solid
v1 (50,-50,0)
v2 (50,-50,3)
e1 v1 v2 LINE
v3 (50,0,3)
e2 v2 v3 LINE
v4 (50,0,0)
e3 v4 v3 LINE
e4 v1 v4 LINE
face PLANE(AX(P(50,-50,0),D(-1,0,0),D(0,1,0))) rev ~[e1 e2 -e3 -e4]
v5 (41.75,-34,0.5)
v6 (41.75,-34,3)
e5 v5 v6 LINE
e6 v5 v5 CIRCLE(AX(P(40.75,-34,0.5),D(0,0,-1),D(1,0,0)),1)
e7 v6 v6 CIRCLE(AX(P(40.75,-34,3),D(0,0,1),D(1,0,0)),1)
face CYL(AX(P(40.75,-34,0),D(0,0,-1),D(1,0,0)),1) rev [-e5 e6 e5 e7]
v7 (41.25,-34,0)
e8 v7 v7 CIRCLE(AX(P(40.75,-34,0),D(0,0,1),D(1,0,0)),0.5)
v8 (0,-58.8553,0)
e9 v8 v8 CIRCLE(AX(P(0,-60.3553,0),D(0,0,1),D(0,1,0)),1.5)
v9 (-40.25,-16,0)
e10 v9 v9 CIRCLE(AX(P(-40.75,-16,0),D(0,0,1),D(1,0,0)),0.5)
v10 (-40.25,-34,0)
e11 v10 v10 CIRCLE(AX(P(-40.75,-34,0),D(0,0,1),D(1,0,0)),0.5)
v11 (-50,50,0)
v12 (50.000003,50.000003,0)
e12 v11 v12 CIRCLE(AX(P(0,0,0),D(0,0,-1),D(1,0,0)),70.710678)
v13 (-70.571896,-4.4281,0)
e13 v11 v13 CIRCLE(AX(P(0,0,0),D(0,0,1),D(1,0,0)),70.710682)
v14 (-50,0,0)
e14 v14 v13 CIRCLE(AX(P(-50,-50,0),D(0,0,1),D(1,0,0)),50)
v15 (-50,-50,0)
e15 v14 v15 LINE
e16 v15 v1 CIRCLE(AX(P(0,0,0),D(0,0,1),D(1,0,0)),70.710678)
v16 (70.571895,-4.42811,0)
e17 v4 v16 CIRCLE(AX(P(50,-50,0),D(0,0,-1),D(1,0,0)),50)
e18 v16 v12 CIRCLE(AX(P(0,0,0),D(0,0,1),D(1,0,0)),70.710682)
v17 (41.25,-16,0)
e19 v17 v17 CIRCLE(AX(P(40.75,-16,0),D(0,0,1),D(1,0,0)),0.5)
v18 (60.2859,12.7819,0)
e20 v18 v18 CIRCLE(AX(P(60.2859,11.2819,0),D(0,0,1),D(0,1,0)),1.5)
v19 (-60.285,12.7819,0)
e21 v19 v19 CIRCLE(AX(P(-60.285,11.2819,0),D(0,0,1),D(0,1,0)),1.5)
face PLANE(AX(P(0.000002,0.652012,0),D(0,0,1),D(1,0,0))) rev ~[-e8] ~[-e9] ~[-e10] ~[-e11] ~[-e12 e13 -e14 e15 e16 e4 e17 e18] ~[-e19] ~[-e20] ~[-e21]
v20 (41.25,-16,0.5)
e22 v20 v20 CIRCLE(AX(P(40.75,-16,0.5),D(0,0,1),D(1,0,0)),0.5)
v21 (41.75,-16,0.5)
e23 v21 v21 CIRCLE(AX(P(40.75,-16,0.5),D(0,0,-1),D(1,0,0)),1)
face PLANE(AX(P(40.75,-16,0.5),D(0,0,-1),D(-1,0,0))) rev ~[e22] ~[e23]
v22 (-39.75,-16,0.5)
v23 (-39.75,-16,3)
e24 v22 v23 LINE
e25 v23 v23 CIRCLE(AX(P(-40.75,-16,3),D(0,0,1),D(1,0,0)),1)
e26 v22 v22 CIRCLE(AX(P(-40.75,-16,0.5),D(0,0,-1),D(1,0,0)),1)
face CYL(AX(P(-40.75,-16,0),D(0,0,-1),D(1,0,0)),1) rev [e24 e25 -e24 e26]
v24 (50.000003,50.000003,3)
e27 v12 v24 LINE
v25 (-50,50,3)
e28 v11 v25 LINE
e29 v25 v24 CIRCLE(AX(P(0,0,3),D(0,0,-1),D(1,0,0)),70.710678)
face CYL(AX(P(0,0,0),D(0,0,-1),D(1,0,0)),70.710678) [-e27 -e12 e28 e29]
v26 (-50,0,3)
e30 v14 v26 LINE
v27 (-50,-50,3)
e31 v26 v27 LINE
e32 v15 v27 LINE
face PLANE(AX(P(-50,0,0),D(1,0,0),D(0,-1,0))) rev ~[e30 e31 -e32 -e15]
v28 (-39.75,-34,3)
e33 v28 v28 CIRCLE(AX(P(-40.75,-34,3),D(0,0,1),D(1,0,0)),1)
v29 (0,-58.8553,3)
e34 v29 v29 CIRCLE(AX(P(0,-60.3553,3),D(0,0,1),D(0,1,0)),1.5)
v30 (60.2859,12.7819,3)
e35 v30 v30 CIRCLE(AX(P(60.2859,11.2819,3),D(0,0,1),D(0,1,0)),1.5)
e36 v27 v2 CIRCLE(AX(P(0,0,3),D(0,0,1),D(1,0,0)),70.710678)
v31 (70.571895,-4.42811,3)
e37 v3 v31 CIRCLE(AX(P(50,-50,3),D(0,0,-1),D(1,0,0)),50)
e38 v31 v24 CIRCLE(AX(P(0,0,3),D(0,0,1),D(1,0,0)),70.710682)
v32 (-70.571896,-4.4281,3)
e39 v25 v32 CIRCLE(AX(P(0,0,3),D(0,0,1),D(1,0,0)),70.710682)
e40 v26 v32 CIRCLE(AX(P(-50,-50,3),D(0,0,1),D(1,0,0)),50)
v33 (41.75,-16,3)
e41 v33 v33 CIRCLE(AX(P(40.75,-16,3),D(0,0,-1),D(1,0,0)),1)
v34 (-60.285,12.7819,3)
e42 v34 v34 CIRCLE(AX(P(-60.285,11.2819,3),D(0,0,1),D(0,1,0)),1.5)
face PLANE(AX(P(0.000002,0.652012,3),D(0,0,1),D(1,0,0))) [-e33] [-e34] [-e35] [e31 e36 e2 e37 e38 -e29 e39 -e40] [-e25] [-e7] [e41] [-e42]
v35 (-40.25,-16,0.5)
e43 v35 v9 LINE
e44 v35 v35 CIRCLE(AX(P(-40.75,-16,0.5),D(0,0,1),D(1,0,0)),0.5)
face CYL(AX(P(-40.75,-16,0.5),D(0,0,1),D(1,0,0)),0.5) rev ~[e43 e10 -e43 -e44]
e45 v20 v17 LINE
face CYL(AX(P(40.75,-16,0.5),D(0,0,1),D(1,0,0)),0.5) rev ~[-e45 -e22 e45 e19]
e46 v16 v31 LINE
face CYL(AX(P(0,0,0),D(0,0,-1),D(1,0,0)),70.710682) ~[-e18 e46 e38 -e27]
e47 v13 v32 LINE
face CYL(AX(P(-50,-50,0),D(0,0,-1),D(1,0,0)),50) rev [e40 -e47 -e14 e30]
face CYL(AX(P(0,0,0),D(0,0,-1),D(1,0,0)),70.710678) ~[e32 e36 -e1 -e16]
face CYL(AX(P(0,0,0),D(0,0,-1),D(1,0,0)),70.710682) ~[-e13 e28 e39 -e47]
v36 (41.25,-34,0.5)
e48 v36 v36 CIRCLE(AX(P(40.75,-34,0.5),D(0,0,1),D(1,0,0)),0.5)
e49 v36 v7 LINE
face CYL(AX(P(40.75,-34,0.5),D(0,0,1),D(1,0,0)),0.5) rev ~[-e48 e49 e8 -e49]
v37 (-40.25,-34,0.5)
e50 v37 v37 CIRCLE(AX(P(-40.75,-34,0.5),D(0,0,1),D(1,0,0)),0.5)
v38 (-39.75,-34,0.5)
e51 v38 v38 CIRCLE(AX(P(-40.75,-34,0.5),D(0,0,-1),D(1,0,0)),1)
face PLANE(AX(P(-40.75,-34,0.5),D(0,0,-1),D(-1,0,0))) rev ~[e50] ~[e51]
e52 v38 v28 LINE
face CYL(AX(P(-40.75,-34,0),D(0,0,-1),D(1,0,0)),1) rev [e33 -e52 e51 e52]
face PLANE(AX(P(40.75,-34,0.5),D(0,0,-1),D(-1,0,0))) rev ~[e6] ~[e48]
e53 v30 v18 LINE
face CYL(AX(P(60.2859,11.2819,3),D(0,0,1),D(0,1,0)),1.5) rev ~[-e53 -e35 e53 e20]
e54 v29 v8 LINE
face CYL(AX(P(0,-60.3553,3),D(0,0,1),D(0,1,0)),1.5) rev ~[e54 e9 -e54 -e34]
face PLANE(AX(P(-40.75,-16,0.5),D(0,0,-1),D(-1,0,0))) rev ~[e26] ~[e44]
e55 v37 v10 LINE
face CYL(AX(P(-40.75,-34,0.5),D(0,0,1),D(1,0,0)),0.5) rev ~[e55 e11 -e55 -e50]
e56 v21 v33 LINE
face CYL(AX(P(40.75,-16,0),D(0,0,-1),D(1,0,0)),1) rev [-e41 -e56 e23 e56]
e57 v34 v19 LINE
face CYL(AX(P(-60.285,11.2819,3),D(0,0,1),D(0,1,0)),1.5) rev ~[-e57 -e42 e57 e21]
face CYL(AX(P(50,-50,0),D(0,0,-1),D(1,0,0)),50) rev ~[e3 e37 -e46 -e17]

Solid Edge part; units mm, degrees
sketch "Sketch1" plane through (0, 0, 0) normal (0, 0, 1) x (1, 0, 0)
  line L0 (50, -50) -> (50, 0)
  arc A0 (50, 0) -> (70.5719, -4.4281) centre (50, -50) cw
  arc A1 (70.5719, -4.4281) -> (50, 50) centre (0, 0) ccw
  arc A2 (-50, 50) -> (50, 50) centre (0, 0) cw
  arc A3 (-50, 50) -> (-70.5719, -4.4281) centre (0, 0) ccw
  arc A4 (-50, 0) -> (-70.5719, -4.4281) centre (-50, -50) ccw
  line L1 (-50, 0) -> (-50, -50)
  arc A5 (-50, -50) -> (50, -50) centre (0, 0) ccw
extrude "Protrusion1" add sketch "Sketch1" along normal blind 3
sketch "Sketch2" plane through (0, 0, 0) normal (0, 0, 1) x (1, 0, 0)
  circle A0 centre (-40.75, -34) radius 1
  circle A1 centre (40.75, -16) radius 1
  circle A2 centre (40.75, -34) radius 1
  circle A3 centre (-40.75, -16) radius 1
extrude "ExtrudedCutout_1" cut sketch "Sketch2" along normal blind 3
sketch "Sketch3" plane through (0, 0, 3) normal (0, 0, 1) x (0, 1, 0)
  circle A0 centre (11.2819, -60.2859) radius 1.5
  circle A1 centre (11.2819, 60.285) radius 1.5
  circle A2 centre (-60.3553, 0) radius 1.5
extrude "ExtrudedCutout_2" cut sketch "Sketch3" against normal blind 3
sketch "Sketch4" plane through (0, 0, 3) normal (0, 0, 1) x (0, 1, 0)
  circle A0 centre (-34, 40.75) radius 0.5
  circle A1 centre (-16, 40.75) radius 0.5
  circle A2 centre (-34, -40.75) radius 1.05
  circle A3 centre (-34, -40.75) radius 0.5
  circle A4 centre (-16, -40.75) radius 1
  circle A5 centre (-16, -40.75) radius 1.05
  circle A6 centre (-16, -40.75) radius 0.5
  circle A7 centre (-34, 40.75) radius 1.05
  circle A8 centre (-16, 40.75) radius 1.05
extrude "ExtrudedProtrusion_2" add sketch "Sketch4" along normal blind 142.4171
sketch "Sketch5" plane through (0, 0, 0) normal (0, 0, -1) x (0, 1, 0)
  circle A0 centre (-16, -40.75) radius 0.5
  circle A1 centre (-34, -40.75) radius 0.5
  circle A2 centre (-16, 40.75) radius 0.5
  circle A3 centre (-34, 40.75) radius 0.5
extrude "ExtrudedCutout_3" cut sketch "Sketch5" against normal blind 319.3791
sketch "Sketch6" plane through (0, 0, 3) normal (0, 0, 1) x (0, 1, 0)
  circle A0 centre (-16, 40.75) radius 1.05
  circle A1 centre (-34, 40.75) radius 1.05
  circle A2 centre (-16, -40.75) radius 1.05
  circle A3 centre (-34, -40.75) radius 1.05
extrude "ExtrudedCutout_4" cut sketch "Sketch6" along normal blind 870.2731
sketch "Sketch7" plane through (0, 0, 0) normal (0, 0, -1) x (0, 1, 0)
  circle A0 centre (-16, 40.75) radius 1.05
  circle A1 centre (-34, 40.75) radius 1.05
  circle A2 centre (-16, -40.75) radius 1.05
  circle A3 centre (-34, -40.75) radius 1.05
extrude "ExtrudedProtrusion_6" add sketch "Sketch7" against normal blind 0.5
sketch "Sketch8" plane through (40.75, -16, 0.5) normal (0, 0, 1) x (1, 0, 0)
  circle A0 centre (0, 0) radius 0.5
  circle A1 centre (0, -18) radius 0.5
  circle A2 centre (-81.5, 0) radius 0.5
  circle A3 centre (-81.5, -18) radius 0.5
extrude "Cutout1" cut sketch "Sketch8" against normal blind 3
